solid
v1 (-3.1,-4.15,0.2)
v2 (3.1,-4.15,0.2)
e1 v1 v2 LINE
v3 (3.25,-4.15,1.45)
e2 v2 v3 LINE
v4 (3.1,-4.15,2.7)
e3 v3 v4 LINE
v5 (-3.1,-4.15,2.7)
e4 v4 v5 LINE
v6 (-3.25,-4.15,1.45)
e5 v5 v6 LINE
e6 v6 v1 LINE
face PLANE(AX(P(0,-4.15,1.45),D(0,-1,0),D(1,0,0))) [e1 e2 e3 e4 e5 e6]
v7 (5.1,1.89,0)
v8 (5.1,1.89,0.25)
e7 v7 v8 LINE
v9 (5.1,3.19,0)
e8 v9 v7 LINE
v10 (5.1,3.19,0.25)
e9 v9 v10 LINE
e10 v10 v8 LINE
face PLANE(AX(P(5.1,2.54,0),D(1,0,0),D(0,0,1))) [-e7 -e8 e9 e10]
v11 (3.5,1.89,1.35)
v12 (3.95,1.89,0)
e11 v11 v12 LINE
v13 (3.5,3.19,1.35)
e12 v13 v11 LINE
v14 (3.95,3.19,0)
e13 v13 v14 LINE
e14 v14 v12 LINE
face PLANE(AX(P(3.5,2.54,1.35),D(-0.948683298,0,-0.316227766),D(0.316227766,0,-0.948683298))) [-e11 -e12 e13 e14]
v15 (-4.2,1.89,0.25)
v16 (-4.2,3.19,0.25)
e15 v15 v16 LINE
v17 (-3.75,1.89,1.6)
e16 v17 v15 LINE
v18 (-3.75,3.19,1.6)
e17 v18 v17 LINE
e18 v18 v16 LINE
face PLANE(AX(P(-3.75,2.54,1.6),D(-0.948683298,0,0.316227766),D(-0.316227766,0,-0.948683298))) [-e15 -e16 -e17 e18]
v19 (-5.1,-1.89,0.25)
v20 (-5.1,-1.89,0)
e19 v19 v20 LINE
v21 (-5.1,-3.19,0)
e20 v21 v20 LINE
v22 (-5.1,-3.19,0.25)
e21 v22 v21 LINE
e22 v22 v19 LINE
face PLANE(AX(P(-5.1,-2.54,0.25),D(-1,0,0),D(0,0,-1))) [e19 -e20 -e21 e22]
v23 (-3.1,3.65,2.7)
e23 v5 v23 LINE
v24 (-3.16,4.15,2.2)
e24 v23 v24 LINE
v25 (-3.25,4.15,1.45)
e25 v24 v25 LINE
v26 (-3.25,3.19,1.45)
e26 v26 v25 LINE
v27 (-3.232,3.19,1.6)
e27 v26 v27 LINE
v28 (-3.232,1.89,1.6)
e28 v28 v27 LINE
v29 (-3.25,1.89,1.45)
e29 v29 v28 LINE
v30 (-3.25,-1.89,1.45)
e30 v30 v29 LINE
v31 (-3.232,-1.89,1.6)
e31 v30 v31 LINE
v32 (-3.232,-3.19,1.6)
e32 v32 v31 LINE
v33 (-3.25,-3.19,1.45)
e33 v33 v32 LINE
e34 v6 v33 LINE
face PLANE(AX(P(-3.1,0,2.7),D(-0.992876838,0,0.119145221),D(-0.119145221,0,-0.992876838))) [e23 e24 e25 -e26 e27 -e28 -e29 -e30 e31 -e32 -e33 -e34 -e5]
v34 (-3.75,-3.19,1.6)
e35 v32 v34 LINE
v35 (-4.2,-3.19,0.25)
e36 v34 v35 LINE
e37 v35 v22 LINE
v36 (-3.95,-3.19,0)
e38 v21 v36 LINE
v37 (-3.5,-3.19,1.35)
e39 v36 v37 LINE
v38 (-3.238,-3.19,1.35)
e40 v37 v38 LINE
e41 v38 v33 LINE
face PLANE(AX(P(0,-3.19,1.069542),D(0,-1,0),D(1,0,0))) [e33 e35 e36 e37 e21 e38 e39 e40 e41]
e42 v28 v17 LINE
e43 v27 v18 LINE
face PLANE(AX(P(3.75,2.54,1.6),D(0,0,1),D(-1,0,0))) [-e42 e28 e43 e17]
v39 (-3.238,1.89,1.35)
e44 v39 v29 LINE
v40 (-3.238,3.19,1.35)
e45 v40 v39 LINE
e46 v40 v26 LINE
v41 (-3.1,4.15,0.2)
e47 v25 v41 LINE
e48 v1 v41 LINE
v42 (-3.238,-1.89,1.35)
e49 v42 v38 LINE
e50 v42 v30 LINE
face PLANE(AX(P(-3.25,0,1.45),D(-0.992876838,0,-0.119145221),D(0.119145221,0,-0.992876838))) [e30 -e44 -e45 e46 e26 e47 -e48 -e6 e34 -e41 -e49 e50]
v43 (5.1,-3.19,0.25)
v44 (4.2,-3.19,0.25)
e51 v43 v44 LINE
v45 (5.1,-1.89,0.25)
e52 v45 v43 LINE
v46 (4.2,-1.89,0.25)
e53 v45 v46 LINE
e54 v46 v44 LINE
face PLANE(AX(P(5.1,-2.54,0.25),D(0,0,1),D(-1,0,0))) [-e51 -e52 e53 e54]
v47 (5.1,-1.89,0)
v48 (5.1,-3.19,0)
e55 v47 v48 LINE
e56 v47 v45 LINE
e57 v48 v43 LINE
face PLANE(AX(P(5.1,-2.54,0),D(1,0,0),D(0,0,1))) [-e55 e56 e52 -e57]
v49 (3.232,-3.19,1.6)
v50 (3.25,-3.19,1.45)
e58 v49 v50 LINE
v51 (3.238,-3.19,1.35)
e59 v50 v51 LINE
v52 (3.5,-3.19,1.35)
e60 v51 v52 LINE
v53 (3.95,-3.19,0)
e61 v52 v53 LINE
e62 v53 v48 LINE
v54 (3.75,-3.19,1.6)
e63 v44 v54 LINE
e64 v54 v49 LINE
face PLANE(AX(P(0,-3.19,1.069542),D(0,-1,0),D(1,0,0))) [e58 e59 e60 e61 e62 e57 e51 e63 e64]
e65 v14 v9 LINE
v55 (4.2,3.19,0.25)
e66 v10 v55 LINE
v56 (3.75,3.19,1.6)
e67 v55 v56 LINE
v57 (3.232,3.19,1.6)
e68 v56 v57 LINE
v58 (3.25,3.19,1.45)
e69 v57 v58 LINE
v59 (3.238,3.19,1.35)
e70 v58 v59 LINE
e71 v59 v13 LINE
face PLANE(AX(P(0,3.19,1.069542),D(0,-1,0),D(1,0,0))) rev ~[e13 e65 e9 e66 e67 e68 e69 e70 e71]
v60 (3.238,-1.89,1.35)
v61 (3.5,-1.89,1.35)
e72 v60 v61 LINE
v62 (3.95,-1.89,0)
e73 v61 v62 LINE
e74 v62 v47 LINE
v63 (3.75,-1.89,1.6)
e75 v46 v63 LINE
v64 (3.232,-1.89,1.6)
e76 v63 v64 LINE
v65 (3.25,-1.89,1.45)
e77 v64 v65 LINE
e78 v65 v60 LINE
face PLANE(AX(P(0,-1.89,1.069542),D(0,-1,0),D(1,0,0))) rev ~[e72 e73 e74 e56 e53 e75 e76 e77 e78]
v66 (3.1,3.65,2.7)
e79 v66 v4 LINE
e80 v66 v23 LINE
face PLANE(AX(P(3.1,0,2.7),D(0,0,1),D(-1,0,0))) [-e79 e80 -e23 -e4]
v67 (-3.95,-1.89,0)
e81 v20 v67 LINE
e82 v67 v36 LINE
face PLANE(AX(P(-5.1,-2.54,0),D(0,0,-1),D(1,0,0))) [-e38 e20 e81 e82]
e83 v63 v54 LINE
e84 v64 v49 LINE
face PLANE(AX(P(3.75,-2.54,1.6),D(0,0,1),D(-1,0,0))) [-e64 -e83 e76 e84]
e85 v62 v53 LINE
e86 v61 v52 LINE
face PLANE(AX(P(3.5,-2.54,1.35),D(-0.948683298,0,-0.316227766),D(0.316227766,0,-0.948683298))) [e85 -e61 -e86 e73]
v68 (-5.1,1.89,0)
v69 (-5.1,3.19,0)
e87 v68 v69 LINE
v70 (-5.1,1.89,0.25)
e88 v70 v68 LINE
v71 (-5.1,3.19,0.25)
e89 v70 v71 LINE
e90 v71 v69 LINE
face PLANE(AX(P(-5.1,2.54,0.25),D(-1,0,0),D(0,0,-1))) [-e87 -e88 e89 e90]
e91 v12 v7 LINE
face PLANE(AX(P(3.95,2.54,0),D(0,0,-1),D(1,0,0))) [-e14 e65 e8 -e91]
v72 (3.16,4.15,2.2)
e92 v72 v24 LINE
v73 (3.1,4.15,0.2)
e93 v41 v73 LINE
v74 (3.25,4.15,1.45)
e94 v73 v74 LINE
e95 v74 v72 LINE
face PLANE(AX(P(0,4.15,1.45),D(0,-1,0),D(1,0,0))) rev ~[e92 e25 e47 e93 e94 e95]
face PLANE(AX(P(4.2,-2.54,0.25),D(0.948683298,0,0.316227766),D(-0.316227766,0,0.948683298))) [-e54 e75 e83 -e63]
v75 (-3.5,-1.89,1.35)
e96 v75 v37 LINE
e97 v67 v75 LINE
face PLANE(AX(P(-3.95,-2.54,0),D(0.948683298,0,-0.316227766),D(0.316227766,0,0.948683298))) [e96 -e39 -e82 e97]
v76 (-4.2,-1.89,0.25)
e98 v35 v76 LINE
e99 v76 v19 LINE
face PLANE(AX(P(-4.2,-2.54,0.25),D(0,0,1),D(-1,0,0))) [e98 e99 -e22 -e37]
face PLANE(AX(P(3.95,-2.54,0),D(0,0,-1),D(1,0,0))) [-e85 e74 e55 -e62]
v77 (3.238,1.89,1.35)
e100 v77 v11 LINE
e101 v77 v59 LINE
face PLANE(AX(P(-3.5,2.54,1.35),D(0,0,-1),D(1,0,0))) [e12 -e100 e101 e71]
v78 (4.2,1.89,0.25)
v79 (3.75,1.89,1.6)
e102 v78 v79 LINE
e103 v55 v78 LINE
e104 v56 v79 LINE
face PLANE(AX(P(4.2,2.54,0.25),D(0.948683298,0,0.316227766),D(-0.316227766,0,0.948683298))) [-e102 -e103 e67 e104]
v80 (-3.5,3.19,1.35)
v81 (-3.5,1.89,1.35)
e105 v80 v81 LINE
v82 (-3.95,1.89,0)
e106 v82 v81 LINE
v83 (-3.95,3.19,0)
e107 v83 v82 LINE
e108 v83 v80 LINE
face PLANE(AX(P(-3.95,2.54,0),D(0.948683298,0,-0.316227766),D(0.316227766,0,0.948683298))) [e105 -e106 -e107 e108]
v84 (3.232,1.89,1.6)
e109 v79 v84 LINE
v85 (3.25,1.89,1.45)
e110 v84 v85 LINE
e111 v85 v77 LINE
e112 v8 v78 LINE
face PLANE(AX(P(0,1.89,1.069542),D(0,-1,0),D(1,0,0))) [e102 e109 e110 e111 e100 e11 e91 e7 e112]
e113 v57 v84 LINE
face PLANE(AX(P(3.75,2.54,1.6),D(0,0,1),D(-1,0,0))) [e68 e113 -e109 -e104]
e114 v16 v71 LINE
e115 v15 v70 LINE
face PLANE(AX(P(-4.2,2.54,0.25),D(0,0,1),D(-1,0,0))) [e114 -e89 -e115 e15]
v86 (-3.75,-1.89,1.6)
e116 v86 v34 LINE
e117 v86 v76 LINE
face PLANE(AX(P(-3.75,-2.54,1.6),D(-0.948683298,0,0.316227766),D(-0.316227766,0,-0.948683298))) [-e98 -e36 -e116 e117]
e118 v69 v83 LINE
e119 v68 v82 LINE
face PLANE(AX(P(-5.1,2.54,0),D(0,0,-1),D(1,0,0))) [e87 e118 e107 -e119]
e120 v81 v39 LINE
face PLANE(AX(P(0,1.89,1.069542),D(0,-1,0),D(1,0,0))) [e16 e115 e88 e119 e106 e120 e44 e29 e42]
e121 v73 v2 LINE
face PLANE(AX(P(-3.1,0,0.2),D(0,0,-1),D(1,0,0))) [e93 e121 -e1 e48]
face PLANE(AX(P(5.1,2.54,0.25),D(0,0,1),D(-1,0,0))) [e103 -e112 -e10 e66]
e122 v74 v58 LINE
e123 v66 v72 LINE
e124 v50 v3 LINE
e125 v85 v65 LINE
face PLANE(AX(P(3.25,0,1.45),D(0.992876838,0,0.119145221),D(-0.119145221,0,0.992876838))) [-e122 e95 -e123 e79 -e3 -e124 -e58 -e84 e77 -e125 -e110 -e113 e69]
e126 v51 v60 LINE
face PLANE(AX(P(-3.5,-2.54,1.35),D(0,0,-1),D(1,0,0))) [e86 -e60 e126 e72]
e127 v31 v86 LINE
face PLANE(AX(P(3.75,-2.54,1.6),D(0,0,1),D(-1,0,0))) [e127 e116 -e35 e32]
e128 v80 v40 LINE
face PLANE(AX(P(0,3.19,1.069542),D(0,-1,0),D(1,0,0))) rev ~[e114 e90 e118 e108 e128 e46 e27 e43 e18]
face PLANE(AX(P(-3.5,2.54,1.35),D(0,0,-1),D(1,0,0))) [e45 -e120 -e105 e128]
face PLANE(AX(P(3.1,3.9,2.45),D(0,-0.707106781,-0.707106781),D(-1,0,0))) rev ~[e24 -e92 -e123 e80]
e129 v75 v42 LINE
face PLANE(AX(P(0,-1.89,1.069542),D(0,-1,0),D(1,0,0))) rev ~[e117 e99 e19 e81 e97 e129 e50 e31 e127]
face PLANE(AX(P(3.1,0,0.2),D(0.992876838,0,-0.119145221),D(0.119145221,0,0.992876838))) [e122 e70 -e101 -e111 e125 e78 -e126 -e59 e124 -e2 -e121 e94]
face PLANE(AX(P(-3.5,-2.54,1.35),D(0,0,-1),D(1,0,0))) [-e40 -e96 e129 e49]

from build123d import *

# Parameters (mm, degrees)
PAD002_DEPTH = 0.65
PAD003_DEPTH = 0.65
PAD_DEPTH    = 4.15
CHAMFER_SIZE = 0.5


with BuildPart() as pad002:
    # Sketch002 → Pad002 (new body, symmetric)
    with BuildSketch(Plane.XZ.offset(-2.54)):
        Polygon((-5.1, 0), (-3.95, 0), (-3.5, 1.35), (3.5, 1.35), (3.95, 0), (5.1, 0), (5.1, 0.25), (4.2, 0.25), (3.75, 1.6), (-3.75, 1.6), (-4.2, 0.25), (-5.1, 0.25), align=None)
    extrude(amount=PAD002_DEPTH, both=True)


with BuildPart() as pad003:
    # Sketch003 → Pad003 (new body, symmetric)
    with BuildSketch(Plane.XZ.offset(2.54)):
        Polygon((-5.1, 0), (-3.95, 0), (-3.5, 1.35), (3.5, 1.35), (3.95, 0), (5.1, 0), (5.1, 0.25), (4.2, 0.25), (3.75, 1.6), (-3.75, 1.6), (-4.2, 0.25), (-5.1, 0.25), align=None)
    extrude(amount=PAD003_DEPTH, both=True)


with BuildPart() as diode_bridge_diotec_so_dil_slim:
    # Sketch → Pad (new body, symmetric)
    with BuildSketch(Plane.XZ):
        Polygon((-3.1, 0.2), (3.1, 0.2), (3.25, 1.45), (3.1, 2.7), (-3.1, 2.7), (-3.25, 1.45), align=None)
    extrude(amount=PAD_DEPTH, both=True)

    # Chamfer
    chamfer_edges = [diode_bridge_diotec_so_dil_slim.edges().sort_by_distance(p)[0] for p in [
        (0, 4.15, 2.7),
    ]]
    chamfer(chamfer_edges, length=CHAMFER_SIZE)

    # Chamfer_mp_cp: union Pad002, Pad003
    add(pad002.part)
    add(pad003.part)


solid = diode_bridge_diotec_so_dil_slim.part
